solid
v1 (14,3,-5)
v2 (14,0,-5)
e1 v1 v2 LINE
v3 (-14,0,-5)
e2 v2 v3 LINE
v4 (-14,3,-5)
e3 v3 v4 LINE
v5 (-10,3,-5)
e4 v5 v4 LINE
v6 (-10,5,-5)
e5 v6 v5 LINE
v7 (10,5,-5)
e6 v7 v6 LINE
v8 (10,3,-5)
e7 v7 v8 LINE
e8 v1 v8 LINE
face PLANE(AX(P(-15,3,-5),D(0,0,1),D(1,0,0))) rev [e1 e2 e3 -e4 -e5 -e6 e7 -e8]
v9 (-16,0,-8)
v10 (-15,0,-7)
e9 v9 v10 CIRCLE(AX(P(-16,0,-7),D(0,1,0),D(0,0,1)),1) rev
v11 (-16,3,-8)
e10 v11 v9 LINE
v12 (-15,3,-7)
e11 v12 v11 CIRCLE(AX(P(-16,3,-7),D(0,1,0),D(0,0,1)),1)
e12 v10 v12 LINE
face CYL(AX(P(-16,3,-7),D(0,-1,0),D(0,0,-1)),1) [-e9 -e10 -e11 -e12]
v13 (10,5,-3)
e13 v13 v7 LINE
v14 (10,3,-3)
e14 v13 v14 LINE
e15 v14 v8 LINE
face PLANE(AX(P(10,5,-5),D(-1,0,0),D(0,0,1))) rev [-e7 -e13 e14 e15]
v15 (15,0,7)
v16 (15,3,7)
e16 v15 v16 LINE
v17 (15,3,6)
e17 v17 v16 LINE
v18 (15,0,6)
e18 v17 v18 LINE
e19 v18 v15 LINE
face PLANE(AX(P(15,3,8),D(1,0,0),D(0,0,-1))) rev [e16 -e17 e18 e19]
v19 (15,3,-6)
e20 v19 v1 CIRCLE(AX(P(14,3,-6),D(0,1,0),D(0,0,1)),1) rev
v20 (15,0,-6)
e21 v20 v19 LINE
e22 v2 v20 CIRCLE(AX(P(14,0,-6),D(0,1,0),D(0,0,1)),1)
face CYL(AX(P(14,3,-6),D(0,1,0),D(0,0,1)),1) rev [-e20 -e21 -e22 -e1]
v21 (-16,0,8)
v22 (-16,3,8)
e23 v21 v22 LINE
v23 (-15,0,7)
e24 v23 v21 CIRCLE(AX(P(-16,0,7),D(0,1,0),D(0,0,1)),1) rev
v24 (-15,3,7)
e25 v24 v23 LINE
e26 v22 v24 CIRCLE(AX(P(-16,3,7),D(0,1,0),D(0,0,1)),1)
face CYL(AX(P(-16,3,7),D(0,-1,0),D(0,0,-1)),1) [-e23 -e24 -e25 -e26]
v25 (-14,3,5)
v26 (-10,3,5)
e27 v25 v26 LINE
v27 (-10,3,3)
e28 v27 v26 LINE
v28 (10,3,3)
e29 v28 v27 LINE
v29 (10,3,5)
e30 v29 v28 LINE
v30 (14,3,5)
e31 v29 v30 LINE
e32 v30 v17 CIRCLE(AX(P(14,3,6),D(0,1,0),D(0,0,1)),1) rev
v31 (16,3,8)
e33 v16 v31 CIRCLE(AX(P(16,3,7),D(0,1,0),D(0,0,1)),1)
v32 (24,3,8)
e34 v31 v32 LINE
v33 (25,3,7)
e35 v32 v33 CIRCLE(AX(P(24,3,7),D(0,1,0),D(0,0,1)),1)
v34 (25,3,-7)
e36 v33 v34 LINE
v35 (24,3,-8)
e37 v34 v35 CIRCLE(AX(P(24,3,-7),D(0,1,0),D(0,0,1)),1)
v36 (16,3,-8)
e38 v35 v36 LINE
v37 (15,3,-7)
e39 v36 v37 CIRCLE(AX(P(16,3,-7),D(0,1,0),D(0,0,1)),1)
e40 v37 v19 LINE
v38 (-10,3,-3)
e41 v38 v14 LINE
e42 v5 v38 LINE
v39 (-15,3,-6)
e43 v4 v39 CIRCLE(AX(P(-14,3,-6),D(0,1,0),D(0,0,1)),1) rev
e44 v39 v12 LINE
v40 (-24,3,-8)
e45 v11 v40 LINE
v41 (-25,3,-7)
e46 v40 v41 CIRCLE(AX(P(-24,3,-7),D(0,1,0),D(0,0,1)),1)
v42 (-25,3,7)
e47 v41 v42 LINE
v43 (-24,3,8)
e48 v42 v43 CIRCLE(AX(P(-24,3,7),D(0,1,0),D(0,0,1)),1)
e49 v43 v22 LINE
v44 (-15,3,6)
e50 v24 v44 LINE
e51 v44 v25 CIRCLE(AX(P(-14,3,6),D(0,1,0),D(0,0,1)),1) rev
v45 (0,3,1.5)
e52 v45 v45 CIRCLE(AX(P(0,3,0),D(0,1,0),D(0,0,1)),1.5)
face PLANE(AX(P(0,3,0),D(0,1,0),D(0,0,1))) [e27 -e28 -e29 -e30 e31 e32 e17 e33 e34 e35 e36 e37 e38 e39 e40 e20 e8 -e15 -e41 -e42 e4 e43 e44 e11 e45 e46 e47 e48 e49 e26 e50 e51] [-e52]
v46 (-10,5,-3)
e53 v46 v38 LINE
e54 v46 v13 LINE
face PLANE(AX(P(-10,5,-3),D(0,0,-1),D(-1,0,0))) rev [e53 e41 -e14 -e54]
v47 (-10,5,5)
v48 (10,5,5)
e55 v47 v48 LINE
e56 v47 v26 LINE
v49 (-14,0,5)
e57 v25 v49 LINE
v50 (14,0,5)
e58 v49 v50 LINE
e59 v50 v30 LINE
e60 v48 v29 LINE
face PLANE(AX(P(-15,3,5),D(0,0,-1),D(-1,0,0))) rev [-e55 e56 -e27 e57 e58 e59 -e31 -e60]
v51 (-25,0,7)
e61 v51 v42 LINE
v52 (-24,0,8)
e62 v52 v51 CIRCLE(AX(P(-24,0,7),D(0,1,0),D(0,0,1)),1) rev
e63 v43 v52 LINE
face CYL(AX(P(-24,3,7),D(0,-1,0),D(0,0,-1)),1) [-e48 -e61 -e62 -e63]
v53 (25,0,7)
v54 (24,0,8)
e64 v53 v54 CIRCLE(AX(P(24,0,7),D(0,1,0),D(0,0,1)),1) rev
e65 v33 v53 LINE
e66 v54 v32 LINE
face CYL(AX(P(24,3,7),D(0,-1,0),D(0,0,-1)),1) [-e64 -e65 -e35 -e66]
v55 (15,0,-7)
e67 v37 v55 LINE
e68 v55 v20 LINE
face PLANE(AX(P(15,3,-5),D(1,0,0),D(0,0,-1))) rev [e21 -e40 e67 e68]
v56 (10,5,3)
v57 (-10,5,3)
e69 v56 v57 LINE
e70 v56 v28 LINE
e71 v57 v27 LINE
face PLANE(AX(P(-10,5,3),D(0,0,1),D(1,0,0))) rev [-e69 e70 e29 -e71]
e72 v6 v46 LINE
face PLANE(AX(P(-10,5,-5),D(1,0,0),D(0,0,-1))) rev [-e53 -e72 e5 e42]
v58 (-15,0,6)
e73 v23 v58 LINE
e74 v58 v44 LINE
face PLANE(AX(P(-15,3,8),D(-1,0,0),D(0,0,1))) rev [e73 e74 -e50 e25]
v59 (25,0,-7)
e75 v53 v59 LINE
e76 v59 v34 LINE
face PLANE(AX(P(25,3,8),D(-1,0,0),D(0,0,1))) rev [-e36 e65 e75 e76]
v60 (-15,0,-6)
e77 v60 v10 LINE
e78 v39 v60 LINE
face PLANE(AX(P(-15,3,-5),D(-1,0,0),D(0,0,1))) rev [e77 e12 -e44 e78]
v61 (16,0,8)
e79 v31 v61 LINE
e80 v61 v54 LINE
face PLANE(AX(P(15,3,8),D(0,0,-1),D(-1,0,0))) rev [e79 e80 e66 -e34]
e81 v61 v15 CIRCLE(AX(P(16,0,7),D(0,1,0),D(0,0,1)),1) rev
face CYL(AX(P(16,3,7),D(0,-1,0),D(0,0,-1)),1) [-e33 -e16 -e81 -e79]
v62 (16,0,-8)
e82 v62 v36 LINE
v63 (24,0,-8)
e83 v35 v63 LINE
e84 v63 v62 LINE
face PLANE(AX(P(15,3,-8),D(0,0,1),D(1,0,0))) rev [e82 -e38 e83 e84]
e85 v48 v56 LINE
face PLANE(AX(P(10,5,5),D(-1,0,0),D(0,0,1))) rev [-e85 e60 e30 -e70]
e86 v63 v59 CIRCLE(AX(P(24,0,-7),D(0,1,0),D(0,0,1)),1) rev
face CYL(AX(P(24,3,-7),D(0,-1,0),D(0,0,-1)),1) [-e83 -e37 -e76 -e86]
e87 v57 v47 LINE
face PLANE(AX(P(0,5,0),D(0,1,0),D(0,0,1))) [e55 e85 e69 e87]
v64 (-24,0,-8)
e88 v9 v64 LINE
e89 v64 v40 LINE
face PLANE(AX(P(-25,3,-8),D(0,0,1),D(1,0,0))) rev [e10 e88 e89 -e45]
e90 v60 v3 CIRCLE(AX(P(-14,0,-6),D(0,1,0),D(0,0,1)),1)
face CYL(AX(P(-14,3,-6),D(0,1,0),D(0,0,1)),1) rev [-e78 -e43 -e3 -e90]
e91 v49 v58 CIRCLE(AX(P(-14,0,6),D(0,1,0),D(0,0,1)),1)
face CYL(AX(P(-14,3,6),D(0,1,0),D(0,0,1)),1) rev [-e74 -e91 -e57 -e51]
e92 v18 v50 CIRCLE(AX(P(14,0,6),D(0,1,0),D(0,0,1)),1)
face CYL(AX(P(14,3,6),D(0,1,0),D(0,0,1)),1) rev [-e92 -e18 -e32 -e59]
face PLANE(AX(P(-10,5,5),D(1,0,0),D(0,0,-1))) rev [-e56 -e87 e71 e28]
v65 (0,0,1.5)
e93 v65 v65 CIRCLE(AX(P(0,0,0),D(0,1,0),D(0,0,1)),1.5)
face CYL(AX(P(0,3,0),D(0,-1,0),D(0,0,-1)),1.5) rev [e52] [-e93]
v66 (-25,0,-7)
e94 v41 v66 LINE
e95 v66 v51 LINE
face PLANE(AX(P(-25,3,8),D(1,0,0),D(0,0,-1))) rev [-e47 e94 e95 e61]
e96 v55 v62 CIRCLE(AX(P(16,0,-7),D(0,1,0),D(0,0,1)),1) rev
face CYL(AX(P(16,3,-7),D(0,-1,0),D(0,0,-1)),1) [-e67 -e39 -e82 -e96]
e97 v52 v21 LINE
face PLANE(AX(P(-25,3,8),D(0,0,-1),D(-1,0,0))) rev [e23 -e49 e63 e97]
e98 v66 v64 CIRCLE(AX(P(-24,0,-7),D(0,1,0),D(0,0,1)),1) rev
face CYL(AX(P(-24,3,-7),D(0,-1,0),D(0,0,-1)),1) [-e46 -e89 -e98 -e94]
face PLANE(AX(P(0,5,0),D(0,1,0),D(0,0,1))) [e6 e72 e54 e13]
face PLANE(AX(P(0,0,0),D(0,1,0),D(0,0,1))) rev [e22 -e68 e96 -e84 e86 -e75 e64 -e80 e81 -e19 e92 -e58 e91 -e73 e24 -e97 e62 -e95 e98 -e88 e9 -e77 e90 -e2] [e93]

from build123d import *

# Parameters (mm, degrees)
CROQUIS1_R              = 1.5
SALIENTE_EXTRUIR1_DEPTH = 3
CROQUIS2_W              = 20
CROQUIS2_H              = 2
SALIENTE_EXTRUIR2_DEPTH = 2
REDONDEO1_R             = 1


with BuildPart() as part:
    # Croquis1 → Saliente-Extruir1 (new body)
    with BuildSketch(Plane(origin=(0, 0, 0), x_dir=(1, 0, 0), z_dir=(0, 1, 0))):
        Polygon((-15, -5), (15, -5), (15, -8), (25, -8), (25, 8), (15, 8), (15, 5), (-15, 5), (-15, 8), (-25, 8), (-25, -8), (-15, -8), align=None)
        with Locations(Location((0, 0, 0), (0, 0, 270))):
            Circle(CROQUIS1_R, mode=Mode.SUBTRACT)
    extrude(amount=SALIENTE_EXTRUIR1_DEPTH)

    # Croquis2 → Saliente-Extruir2 (add)
    with BuildSketch(Plane(origin=(0, 3, 0), x_dir=(1, 0, 0), z_dir=(0, 1, 0))):
        with Locations((0, 4)):
            Rectangle(CROQUIS2_W, CROQUIS2_H)
        with Locations((0, -4)):
            Rectangle(CROQUIS2_W, CROQUIS2_H)
    extrude(amount=SALIENTE_EXTRUIR2_DEPTH)

    # Redondeo1
    redondeo1_edges = [part.edges().sort_by_distance(p)[0] for p in [
        (-15, 1.5, -8),
        (-15, 1.5, -5),
        (15, 1.5, -5),
        (15, 1.5, -8),
        (25, 1.5, -8),
        (25, 1.5, 8),
        (15, 1.5, 8),
        (15, 1.5, 5),
        (-15, 1.5, 5),
        (-15, 1.5, 8),
        (-25, 1.5, 8),
        (-25, 1.5, -8),
    ]]
    fillet(redondeo1_edges, radius=REDONDEO1_R)


solid = part.part
